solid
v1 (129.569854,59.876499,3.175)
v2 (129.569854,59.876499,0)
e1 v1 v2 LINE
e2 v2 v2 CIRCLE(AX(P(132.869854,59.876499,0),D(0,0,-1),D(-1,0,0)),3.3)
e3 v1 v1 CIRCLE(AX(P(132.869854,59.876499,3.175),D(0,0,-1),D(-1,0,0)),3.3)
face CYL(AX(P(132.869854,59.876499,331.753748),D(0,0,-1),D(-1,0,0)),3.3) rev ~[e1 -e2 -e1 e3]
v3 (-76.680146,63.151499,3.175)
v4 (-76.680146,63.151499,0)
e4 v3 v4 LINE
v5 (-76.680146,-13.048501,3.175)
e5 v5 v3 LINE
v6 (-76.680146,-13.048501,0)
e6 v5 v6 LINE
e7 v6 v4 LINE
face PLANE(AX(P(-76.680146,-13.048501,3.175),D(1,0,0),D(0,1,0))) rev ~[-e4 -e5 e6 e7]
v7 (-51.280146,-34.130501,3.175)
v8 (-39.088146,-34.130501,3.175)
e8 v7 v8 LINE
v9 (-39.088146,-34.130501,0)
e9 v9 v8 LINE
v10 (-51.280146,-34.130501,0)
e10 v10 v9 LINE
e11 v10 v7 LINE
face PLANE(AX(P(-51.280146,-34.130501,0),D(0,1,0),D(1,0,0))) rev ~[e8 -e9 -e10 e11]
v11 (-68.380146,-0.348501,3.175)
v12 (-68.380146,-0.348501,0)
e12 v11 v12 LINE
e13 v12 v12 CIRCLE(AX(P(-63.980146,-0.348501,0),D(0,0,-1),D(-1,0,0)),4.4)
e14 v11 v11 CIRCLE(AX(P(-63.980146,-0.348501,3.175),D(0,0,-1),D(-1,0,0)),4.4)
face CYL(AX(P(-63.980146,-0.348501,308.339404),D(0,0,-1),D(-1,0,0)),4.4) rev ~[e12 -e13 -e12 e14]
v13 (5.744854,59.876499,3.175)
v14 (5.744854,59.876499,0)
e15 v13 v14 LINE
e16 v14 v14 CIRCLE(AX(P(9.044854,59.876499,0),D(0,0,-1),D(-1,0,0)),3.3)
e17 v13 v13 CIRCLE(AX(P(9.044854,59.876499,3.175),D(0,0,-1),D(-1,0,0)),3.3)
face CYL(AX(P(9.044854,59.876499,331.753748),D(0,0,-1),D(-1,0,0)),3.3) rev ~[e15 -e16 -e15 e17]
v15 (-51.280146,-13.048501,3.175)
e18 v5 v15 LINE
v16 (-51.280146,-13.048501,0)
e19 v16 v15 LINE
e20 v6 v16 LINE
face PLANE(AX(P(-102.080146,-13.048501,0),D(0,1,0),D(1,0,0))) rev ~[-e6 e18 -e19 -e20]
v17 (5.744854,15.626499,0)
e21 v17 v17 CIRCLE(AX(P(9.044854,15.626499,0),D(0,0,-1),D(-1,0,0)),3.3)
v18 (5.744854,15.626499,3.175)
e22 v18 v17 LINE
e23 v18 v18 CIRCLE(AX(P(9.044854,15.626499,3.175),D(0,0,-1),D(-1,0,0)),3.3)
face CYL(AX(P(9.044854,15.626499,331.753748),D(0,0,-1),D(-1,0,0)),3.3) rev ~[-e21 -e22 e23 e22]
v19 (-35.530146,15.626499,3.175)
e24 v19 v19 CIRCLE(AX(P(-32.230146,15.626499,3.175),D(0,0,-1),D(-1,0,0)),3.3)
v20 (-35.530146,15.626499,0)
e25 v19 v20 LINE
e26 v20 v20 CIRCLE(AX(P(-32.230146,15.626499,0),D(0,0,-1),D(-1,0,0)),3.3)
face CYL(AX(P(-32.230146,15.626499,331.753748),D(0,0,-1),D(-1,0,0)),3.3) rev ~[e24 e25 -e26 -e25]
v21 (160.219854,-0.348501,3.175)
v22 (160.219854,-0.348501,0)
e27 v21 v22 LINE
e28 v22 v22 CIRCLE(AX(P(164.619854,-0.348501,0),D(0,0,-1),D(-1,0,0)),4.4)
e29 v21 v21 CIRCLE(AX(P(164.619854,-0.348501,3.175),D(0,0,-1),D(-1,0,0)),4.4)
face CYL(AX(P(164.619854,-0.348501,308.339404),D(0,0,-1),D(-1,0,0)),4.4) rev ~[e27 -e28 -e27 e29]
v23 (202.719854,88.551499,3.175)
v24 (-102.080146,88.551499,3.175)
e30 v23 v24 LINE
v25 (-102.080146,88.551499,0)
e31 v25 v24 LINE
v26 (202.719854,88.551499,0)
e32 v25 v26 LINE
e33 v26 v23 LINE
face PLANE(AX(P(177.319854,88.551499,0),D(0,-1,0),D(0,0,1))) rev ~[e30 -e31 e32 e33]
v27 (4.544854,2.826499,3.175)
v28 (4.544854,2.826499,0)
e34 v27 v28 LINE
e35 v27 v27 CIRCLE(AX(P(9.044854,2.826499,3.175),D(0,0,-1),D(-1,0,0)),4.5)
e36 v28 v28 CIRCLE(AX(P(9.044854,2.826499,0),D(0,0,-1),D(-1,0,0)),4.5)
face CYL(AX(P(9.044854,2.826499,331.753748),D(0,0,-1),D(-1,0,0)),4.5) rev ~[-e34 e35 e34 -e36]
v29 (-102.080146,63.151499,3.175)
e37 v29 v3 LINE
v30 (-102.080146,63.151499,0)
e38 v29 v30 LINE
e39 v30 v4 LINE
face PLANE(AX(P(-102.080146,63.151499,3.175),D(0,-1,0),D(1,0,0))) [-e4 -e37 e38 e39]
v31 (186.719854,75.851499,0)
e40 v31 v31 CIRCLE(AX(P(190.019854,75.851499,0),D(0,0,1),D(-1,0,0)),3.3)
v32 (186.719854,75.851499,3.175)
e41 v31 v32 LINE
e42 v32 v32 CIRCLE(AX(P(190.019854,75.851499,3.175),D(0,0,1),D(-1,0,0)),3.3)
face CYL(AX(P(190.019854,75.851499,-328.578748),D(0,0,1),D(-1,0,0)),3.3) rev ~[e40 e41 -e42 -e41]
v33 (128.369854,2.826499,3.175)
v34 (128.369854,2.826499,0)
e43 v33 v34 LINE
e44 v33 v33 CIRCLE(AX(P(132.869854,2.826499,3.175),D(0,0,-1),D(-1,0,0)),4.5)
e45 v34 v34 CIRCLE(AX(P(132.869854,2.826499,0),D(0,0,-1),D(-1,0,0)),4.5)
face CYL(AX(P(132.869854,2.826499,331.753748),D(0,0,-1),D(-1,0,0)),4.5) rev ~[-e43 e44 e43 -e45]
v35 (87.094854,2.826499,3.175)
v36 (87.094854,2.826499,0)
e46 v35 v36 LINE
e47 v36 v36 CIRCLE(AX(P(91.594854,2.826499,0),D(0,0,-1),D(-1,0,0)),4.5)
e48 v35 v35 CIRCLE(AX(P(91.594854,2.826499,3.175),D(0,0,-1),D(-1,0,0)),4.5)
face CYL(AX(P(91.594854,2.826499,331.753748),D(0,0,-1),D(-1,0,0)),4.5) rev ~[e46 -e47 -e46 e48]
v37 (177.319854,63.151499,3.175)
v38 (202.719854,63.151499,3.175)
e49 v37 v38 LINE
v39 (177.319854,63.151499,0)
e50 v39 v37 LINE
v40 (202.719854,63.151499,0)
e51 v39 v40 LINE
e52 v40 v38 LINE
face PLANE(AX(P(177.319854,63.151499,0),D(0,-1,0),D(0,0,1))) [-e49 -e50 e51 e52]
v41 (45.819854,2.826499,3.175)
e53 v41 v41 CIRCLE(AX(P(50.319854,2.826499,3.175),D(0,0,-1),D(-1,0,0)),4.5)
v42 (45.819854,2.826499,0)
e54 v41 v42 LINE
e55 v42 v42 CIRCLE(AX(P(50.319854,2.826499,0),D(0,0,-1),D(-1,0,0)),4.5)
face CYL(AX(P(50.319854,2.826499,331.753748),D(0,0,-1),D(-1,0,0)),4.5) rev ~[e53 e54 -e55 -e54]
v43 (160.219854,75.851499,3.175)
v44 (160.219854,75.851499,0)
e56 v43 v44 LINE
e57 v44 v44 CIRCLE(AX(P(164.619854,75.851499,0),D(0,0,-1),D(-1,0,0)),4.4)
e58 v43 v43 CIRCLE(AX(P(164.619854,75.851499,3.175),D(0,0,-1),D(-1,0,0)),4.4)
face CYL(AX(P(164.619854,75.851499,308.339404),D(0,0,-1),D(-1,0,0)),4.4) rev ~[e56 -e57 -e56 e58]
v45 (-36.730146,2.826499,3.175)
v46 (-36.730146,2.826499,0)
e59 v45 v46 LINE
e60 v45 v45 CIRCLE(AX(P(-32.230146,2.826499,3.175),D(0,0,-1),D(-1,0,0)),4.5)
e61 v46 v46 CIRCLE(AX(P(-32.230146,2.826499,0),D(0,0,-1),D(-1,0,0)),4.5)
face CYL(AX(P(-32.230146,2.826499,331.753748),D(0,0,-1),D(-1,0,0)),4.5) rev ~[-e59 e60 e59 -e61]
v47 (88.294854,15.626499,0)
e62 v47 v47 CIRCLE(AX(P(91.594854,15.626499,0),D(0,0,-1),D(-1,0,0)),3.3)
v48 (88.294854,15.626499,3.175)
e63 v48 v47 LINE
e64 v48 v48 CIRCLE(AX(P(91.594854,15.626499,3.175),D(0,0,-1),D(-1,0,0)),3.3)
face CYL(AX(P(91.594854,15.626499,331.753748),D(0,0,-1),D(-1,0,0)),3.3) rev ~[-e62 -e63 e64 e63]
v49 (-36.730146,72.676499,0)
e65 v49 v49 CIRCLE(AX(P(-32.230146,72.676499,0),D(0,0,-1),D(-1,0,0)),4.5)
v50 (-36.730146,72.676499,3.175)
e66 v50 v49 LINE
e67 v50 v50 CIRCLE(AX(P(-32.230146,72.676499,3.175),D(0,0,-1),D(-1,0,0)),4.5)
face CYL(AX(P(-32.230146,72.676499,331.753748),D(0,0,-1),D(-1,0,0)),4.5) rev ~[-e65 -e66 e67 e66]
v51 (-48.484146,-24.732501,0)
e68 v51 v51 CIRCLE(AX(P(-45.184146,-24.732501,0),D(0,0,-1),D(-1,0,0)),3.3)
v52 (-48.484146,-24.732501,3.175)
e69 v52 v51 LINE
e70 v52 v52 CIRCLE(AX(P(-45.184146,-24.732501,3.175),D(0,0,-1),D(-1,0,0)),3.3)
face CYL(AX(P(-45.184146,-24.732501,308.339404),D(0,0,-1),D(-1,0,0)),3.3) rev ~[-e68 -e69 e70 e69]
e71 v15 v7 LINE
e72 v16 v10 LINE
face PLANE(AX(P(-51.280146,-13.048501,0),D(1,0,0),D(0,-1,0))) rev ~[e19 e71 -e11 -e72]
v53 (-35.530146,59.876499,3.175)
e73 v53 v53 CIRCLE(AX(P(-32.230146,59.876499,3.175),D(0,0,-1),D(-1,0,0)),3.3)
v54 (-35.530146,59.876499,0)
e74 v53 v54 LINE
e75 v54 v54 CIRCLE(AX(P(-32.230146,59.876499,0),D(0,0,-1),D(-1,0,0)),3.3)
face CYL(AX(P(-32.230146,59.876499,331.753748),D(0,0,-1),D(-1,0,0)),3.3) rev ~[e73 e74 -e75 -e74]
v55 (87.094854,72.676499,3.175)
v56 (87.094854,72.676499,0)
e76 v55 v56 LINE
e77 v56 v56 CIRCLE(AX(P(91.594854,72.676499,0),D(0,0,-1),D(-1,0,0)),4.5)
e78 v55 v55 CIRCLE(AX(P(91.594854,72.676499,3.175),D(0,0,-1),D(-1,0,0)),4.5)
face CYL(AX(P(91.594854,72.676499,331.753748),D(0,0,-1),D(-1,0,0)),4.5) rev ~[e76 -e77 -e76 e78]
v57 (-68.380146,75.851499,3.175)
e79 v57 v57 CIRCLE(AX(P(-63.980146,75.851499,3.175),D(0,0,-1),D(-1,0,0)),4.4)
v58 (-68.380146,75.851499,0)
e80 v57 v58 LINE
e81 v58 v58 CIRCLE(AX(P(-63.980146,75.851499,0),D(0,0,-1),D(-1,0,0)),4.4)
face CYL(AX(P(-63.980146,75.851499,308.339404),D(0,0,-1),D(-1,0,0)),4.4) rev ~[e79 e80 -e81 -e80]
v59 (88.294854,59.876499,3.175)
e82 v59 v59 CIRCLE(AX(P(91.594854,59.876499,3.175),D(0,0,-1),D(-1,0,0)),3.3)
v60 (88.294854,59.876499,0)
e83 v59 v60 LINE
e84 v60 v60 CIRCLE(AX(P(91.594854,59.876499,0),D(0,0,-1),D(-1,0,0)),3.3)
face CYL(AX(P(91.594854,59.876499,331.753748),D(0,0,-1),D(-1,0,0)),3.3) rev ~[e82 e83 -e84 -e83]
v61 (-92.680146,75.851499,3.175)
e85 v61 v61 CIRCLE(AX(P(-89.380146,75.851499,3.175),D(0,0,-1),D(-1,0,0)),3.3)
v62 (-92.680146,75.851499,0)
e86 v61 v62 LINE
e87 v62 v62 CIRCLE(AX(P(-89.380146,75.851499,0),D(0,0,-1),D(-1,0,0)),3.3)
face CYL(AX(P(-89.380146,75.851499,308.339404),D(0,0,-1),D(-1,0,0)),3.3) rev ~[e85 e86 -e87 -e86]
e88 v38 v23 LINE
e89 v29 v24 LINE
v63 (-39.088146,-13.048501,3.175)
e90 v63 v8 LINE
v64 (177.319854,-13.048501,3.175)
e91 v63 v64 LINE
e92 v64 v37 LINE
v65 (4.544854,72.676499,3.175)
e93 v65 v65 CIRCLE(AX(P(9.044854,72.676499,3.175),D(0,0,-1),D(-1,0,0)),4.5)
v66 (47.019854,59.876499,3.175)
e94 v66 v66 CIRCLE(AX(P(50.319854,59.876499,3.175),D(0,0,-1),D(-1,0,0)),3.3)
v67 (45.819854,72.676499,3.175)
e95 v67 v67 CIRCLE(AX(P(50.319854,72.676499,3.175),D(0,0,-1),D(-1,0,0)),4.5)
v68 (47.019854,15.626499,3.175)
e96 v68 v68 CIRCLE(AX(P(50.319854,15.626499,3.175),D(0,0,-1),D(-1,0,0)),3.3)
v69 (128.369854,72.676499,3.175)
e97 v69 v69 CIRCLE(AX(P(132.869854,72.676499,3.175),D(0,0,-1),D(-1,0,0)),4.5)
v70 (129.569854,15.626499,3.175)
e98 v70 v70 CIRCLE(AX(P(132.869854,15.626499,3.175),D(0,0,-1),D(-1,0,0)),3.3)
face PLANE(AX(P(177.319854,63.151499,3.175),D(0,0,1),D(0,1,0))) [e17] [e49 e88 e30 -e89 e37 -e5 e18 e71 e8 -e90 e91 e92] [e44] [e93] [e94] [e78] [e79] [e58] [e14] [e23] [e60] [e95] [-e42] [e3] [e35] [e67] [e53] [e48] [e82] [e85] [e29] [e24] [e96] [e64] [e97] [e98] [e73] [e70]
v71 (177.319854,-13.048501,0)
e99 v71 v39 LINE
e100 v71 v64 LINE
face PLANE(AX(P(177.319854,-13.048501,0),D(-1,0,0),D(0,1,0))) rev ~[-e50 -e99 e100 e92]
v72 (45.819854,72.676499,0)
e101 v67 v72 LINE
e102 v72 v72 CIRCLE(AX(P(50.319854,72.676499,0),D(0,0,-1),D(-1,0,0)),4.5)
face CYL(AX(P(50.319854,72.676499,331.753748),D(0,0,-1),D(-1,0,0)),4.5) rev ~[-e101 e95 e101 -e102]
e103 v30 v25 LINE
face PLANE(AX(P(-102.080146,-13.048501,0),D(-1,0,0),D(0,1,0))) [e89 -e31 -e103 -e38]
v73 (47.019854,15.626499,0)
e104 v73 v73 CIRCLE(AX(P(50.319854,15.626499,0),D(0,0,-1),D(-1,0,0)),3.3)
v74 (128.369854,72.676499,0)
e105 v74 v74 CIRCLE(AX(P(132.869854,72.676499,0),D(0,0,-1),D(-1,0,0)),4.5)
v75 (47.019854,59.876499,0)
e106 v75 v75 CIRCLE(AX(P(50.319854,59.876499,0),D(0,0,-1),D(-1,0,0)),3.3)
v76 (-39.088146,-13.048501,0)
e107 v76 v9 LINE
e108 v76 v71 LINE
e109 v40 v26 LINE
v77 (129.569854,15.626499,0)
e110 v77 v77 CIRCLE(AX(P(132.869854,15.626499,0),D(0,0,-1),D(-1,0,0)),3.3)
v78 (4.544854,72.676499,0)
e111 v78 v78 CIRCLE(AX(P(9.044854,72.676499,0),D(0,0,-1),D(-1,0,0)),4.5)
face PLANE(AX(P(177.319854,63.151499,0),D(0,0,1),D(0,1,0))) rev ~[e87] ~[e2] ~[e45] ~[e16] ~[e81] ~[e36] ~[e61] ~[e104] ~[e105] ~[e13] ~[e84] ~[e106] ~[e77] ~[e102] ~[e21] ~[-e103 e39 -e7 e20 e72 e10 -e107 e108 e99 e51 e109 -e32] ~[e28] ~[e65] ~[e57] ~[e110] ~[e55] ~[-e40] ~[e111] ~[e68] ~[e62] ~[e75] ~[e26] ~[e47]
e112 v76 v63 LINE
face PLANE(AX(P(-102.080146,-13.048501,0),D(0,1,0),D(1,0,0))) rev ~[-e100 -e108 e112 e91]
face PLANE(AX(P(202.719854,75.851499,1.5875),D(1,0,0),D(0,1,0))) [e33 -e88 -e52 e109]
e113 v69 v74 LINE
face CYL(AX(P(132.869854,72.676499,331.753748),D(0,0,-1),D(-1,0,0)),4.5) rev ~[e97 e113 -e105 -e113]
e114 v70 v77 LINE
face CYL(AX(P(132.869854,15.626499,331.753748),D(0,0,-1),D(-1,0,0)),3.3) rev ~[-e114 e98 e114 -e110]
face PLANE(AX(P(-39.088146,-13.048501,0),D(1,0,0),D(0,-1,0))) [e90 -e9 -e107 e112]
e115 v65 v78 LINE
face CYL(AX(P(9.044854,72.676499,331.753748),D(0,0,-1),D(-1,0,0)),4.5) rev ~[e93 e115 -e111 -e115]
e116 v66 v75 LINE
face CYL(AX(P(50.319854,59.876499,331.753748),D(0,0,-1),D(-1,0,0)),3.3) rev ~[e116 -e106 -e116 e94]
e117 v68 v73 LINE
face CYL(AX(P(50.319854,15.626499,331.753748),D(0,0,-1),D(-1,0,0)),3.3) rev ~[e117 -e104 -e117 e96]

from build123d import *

# Parameters (mm, degrees)
F0_W      = 279.4
F0_H      = 101.6
F1_DEPTH  = 3.175
F2_W      = 25.4
F2_H      = 76.2
F3_DEPTH  = 3.176
F4_W      = 12.192
F4_H      = 21.082
F5_DEPTH  = 3.175
F7_D      = 6.6
F9_D      = 8.8
F11_D     = 8.8
F13_D     = 6.6
F14_W     = 25.4
F14_H     = 3.175
F15_DEPTH = 25.4
F17_D     = 6.6
F19_D     = 9
F20_D     = 6.6


with BuildPart() as f1:
    # F0 (on Top) → F1 (new body)
    with BuildSketch(Plane.XY):
        with Locations((37.6198536942, 37.7514991719)):
            Rectangle(F0_W, F0_H)
    extrude(amount=F1_DEPTH)

    # F2 (on face) → F3 (cut, through all)
    with BuildSketch(Plane.XY.offset(3.175)):
        with Locations((-89.3801463058, 25.0514991719)):
            Rectangle(F2_W, F2_H)
    extrude(amount=-F3_DEPTH, mode=Mode.SUBTRACT)

    # F4 (on face) → F5 (join)
    with BuildSketch(Plane(origin=(0, 0, 0), x_dir=(1, 0, 0), z_dir=(0, 0, -1))):
        with Locations((-45.1841463058, 23.5895008281)):
            Rectangle(F4_W, F4_H)
        Polygon((-39.0881463058, 13.0485008281), (-51.2801463058, 13.0485008281), (-76.6801463058, 13.0485008281), (-76.6801463058, -63.1514991719), (-102.0801463058, -63.1514991719), (-102.0801463058, -88.5514991719), (177.3198536942, -88.5514991719), (177.3198536942, 13.0485008281), align=None)
    extrude(amount=-F5_DEPTH)

    # F7 (through all)
    with Locations(Plane.XY.offset(3.175)):
        with Locations((-89.3801463058, 75.8514991719)):
            Hole(F7_D / 2)

    # F9 (through all)
    with Locations(Plane.XY.offset(3.175)):
        with Locations((-63.9801463058, 75.8514991719)):
            Hole(F9_D / 2)

    # F11 (through all)
    with Locations(Plane.XY.offset(3.175)):
        with Locations((-63.9801463058, -0.3485008281), (164.6198536942, -0.3485008281), (164.6198536942, 75.8514991719)):
            Hole(F11_D / 2)

    # F13 (through all)
    with Locations(Plane.XY.offset(3.175)):
        with Locations((-45.1841463058, -24.7325008281)):
            Hole(F13_D / 2)

    # F14 (on face) → F15 (join)
    with BuildSketch(Plane.YZ.offset(177.3198536942)):
        with Locations((75.8514991719, 1.5875)):
            Rectangle(F14_W, F14_H)
    extrude(amount=F15_DEPTH)

    # F17 (through all)
    with Locations(Plane(origin=(0, 0, 0), x_dir=(1, 0, 0), z_dir=(0, 0, -1))):
        with Locations((190.0198536942, -75.8514991719)):
            Hole(F17_D / 2)

    # F19 (through all)
    with Locations(Plane.XY.offset(3.175)):
        with Locations((-32.2301463058, 72.6764991719), (9.0448536942, 72.6764991719), (50.3198536942, 72.6764991719), (91.5948536942, 72.6764991719), (132.8698536942, 72.6764991719), (132.8698536942, 2.8264991719), (91.5948536942, 2.8264991719), (50.3198536942, 2.8264991719), (9.0448536942, 2.8264991719), (-32.2301463058, 2.8264991719)):
            Hole(F19_D / 2)

    # F20 (through all)
    with Locations(Plane.XY.offset(3.175)):
        with Locations((-32.2301463058, 59.8764993719), (9.0448536942, 59.8764993719), (50.3198536942, 59.8764993719), (91.5948536942, 59.8764993719), (132.8698536942, 59.8764993719), (132.8698536942, 15.6264989719), (91.5948536942, 15.6264989719), (50.3198536942, 15.6264989719), (9.0448536942, 15.6264989719), (-32.2301463058, 15.6264989719)):
            Hole(F20_D / 2)


solid = f1.part
